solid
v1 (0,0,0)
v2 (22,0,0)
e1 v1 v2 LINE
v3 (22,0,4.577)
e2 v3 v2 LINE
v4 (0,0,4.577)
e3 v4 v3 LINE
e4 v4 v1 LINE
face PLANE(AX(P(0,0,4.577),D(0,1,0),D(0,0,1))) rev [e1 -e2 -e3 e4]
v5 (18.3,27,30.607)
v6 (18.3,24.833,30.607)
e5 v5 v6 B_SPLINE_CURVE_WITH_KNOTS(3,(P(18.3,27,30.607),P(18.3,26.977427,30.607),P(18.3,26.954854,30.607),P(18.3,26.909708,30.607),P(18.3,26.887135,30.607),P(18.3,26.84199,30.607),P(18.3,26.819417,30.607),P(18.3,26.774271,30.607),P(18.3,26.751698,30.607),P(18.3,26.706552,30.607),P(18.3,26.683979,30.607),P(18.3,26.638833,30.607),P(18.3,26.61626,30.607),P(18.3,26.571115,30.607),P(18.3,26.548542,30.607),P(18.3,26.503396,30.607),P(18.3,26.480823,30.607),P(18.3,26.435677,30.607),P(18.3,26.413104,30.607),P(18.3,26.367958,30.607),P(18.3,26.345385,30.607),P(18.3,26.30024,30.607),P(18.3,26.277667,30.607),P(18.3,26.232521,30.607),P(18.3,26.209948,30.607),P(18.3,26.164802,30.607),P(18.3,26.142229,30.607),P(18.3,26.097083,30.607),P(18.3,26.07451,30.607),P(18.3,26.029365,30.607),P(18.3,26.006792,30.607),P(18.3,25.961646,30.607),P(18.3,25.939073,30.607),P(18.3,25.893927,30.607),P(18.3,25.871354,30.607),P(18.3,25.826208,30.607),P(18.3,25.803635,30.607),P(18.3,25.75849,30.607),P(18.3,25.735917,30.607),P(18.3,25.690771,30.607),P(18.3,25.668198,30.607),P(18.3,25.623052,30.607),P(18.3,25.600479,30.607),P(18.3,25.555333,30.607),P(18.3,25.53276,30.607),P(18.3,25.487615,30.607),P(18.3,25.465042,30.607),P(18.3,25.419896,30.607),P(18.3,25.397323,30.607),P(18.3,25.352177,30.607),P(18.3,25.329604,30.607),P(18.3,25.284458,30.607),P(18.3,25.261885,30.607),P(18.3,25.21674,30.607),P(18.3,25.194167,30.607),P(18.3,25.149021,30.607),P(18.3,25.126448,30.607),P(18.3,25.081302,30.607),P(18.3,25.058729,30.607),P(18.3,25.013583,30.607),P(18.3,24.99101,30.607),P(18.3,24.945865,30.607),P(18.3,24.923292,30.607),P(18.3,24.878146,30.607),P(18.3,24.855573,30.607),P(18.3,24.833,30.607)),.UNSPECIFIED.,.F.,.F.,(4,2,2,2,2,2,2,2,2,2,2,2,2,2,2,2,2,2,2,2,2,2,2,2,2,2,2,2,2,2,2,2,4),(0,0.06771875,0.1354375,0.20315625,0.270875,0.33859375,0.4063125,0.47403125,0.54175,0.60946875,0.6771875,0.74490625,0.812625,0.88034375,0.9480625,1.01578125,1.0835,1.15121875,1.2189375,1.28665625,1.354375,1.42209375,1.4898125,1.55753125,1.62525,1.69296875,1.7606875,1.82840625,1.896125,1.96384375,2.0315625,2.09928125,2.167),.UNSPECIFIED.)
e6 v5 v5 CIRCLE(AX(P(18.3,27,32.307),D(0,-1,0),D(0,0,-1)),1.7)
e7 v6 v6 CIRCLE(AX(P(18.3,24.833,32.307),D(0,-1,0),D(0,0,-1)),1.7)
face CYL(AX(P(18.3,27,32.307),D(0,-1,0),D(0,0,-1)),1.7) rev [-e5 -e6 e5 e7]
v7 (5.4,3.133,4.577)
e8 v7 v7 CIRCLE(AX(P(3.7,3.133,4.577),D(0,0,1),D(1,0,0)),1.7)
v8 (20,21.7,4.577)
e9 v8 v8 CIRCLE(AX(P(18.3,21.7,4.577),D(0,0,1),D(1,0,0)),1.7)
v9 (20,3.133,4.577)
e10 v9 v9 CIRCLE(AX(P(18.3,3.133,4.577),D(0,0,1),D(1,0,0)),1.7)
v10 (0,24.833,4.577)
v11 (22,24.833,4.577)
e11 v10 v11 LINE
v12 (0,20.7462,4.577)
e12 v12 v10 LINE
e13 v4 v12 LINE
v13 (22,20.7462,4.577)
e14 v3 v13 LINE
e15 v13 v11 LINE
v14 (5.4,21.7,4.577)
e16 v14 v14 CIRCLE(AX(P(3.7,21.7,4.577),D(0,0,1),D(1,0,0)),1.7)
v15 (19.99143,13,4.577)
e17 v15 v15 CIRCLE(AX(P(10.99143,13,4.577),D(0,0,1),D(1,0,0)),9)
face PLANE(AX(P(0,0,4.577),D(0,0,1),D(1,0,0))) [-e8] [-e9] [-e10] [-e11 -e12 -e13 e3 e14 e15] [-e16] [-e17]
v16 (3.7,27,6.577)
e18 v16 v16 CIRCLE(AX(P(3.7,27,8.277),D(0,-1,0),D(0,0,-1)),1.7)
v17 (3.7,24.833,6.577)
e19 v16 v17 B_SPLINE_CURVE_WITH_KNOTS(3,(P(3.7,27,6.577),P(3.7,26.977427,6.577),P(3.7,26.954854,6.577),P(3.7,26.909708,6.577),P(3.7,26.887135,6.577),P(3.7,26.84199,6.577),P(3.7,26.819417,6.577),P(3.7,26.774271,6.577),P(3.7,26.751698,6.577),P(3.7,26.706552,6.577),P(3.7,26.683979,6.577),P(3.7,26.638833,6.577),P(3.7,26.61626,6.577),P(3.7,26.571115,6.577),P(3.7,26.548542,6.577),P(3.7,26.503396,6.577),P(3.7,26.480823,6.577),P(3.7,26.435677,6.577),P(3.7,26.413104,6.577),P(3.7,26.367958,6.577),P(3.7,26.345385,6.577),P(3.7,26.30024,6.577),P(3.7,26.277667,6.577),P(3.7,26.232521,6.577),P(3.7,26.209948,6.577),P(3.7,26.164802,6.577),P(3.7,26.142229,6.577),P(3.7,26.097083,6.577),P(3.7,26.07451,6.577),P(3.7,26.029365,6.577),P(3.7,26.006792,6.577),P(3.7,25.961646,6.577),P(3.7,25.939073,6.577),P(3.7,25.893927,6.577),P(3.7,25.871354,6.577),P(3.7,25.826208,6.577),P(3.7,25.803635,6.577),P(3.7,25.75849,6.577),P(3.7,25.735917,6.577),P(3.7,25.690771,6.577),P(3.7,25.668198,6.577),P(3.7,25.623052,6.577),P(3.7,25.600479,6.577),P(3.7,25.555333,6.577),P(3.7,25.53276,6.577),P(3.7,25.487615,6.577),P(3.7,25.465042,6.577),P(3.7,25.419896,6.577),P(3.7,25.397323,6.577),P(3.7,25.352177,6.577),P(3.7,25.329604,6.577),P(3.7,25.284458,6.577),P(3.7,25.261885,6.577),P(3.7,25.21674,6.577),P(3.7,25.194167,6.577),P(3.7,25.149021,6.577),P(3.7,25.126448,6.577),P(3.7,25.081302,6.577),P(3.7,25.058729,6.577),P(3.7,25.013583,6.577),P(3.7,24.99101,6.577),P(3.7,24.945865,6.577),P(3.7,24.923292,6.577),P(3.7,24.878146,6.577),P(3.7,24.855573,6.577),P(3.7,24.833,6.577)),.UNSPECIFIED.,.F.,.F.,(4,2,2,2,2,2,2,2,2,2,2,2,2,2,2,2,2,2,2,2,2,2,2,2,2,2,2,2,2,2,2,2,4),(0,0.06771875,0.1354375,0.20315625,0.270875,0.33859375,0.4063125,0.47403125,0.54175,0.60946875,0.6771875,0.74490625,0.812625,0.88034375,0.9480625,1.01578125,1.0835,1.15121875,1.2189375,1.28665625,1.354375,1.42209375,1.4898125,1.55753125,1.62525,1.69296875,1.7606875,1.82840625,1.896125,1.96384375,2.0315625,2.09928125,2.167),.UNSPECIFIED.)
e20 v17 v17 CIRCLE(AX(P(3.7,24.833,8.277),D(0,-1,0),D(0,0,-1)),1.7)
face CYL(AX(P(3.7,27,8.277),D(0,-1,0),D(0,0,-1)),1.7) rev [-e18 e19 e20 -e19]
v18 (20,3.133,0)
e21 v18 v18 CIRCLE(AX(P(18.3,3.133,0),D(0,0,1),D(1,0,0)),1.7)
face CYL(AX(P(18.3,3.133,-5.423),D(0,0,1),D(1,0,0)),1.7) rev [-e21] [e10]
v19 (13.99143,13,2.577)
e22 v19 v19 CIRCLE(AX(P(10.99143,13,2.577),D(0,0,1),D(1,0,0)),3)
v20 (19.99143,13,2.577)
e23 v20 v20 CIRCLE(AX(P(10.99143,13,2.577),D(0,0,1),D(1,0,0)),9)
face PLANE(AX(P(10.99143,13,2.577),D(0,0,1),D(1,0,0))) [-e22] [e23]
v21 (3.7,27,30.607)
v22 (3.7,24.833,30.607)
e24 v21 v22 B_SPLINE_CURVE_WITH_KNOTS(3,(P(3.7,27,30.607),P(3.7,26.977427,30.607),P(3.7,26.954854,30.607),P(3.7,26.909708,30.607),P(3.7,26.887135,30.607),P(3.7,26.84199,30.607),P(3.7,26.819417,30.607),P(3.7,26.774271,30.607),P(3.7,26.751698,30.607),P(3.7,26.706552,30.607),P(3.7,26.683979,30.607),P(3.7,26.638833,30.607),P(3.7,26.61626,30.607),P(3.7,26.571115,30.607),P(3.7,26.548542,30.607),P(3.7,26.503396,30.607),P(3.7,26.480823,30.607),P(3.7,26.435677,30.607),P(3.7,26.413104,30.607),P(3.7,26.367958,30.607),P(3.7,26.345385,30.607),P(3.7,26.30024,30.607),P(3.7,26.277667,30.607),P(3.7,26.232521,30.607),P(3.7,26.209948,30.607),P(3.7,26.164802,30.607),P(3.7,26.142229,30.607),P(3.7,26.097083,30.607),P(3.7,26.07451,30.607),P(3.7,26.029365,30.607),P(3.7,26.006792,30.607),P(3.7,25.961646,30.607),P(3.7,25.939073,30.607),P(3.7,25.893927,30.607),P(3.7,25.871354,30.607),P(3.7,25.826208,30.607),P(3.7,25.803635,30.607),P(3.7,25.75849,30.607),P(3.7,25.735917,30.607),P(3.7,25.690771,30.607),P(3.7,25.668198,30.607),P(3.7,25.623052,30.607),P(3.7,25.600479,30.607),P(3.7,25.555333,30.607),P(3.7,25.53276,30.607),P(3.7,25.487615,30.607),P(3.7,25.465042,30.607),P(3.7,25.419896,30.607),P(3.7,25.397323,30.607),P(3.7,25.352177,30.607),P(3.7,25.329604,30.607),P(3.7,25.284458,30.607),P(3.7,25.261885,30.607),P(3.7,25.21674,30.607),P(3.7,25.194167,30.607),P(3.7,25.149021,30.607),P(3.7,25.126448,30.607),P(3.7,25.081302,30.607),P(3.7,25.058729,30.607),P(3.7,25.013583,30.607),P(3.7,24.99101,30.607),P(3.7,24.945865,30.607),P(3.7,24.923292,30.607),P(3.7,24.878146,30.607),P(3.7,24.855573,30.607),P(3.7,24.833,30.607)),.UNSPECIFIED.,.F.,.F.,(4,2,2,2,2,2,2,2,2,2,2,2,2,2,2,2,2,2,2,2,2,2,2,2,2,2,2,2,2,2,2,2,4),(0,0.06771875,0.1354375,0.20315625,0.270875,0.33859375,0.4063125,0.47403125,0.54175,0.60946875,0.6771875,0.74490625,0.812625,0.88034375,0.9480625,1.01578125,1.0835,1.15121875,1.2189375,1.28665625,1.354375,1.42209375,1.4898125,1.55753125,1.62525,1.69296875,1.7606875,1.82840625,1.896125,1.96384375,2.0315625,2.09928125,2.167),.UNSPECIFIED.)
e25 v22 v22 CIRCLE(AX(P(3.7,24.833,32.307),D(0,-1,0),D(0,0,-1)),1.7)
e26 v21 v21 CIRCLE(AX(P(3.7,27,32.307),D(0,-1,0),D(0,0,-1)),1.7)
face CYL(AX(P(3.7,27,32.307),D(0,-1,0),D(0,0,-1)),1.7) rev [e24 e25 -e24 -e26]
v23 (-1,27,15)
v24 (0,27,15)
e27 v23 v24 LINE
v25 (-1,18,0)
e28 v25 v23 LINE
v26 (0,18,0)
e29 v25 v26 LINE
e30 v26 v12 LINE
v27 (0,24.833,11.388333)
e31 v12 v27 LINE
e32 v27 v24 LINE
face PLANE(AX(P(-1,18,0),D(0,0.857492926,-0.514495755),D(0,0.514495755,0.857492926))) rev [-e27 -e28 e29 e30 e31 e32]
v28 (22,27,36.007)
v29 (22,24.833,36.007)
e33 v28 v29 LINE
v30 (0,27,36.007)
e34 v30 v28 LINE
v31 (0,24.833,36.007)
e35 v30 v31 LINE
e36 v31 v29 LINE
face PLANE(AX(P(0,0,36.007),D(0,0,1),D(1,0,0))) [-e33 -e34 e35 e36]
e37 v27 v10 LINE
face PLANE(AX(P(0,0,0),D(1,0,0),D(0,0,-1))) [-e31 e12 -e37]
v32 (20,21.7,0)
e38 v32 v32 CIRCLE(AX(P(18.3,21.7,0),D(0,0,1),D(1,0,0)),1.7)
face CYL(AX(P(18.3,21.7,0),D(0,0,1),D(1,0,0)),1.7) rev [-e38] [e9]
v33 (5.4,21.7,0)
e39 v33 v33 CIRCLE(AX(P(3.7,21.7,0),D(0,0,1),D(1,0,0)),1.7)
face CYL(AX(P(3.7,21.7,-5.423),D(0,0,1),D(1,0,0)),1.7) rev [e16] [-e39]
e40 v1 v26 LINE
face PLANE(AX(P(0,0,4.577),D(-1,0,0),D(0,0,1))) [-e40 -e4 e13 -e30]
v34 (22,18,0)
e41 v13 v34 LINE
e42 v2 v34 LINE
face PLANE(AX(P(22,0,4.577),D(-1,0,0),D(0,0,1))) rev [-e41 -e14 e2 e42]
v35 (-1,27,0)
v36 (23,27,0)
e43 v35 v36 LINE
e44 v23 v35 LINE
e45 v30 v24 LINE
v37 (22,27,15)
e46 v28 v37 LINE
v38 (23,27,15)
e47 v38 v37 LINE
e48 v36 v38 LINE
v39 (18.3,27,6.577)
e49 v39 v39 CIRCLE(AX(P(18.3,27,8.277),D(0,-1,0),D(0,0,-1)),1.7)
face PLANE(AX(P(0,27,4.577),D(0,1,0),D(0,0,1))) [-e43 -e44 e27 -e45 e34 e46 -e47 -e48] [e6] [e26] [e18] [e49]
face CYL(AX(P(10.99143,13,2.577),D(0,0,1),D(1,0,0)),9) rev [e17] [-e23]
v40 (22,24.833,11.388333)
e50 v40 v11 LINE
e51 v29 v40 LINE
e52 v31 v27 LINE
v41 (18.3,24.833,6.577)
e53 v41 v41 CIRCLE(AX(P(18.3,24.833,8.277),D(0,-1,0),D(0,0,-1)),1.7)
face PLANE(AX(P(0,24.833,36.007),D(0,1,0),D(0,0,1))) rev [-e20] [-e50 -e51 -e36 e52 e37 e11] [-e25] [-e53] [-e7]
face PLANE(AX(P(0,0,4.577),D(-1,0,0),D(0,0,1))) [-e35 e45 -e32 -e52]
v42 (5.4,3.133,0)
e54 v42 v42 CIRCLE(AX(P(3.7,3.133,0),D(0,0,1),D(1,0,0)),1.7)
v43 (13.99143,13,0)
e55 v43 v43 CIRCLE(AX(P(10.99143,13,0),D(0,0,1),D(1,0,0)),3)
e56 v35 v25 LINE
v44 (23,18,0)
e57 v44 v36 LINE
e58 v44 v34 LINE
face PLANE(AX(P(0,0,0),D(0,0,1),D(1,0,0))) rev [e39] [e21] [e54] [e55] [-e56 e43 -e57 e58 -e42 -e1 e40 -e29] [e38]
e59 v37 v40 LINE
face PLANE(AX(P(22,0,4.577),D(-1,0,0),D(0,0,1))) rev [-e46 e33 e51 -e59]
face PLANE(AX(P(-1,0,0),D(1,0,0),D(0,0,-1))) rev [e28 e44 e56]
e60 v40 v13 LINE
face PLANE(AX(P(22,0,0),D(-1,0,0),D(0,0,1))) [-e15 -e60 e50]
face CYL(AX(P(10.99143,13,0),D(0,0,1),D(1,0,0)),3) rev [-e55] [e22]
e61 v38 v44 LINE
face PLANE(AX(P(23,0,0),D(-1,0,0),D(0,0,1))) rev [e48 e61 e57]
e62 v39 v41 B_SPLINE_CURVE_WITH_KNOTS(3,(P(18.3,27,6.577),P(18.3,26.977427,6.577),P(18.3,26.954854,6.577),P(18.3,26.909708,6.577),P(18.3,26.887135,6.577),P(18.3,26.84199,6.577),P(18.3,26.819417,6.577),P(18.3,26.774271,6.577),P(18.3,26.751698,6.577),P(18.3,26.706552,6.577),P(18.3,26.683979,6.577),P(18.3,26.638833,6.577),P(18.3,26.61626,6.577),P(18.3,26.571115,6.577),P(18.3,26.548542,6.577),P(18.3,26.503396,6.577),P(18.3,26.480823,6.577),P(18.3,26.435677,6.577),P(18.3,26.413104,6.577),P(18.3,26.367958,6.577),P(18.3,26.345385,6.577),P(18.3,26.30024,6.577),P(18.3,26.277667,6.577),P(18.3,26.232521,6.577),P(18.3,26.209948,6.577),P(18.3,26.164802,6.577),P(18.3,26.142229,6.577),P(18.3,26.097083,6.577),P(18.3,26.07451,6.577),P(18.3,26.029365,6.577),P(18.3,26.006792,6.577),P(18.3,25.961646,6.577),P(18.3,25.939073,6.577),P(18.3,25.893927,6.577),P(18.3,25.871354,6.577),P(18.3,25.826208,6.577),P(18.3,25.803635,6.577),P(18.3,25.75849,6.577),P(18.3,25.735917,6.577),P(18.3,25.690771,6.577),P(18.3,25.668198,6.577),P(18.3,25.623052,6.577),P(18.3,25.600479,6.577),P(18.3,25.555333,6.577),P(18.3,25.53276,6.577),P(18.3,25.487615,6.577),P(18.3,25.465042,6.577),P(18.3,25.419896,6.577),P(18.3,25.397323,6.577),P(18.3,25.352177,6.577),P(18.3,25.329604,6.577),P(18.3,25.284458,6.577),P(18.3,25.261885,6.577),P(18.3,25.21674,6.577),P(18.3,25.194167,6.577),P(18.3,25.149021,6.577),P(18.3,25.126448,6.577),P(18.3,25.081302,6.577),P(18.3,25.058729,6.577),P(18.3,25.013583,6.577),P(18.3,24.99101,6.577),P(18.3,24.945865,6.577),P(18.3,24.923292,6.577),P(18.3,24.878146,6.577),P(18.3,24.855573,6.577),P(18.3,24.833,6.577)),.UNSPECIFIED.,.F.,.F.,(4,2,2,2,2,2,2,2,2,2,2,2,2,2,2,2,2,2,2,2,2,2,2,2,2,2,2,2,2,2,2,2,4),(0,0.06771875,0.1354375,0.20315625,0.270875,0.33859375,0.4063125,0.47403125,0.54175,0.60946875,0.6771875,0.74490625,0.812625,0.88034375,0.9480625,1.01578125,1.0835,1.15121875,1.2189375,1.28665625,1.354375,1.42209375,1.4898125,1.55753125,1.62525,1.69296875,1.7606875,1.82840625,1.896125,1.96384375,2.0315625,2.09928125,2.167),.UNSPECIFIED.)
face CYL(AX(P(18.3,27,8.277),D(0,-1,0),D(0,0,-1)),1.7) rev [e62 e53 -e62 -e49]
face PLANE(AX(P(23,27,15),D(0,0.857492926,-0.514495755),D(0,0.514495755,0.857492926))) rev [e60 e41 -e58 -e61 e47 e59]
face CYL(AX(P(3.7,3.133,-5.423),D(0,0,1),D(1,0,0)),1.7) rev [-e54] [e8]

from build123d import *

# Parameters (mm, degrees)
SKETCH1_W           = 22
SKETCH1_H           = 27
BOSS_EXTRUDE1_DEPTH = 4.577
SKETCH2_W           = 22
SKETCH2_H           = 2.167
BOSS_EXTRUDE2_DEPTH = 31.43
SKETCH5_R           = 1.7
CUT_EXTRUDE1_DEPTH  = 49.961024683
SKETCH6_R           = 1.7
CUT_EXTRUDE2_DEPTH  = 49.961024683
SKETCH7_R           = 1.7
CUT_EXTRUDE3_DEPTH  = 49.961024683
SKETCH8_R           = 1.7
CUT_EXTRUDE4_DEPTH  = 49.961024683
BOSS_EXTRUDE6_DEPTH = 1
BOSS_EXTRUDE7_DEPTH = 1
SKETCH10_R          = 1.7
CUT_EXTRUDE6_DEPTH  = 48.390346063
SKETCH10_7_R        = 1.7
CUT_EXTRUDE7_DEPTH  = 10
SKETCH10_8_R        = 1.7
CUT_EXTRUDE8_DEPTH  = 10
SKETCH10_9_R        = 1.7
CUT_EXTRUDE9_DEPTH  = 10
SKETCH10_10_R       = 9
CUT_EXTRUDE10_DEPTH = 2
SKETCH10_12_R       = 3
CUT_EXTRUDE11_DEPTH = 48.390346063


with BuildPart() as part:
    # Sketch1 → Boss-Extrude1 (new body)
    with BuildSketch(Plane.XY):
        with Locations((11, 13.5)):
            Rectangle(SKETCH1_W, SKETCH1_H)
    extrude(amount=BOSS_EXTRUDE1_DEPTH)

    # Sketch2 → Boss-Extrude2 (add)
    with BuildSketch(Plane.XY.offset(4.577)):
        with Locations((11, 25.9165)):
            Rectangle(SKETCH2_W, SKETCH2_H)
    extrude(amount=BOSS_EXTRUDE2_DEPTH)

    # Sketch5 → Cut-Extrude1 (cut, through all)
    with BuildSketch(Plane.XZ.offset(-24.833)):
        with Locations((3.7, 8.277)):
            Circle(SKETCH5_R)
    extrude(amount=-CUT_EXTRUDE1_DEPTH, mode=Mode.SUBTRACT)

    # Sketch6 → Cut-Extrude2 (cut, through all)
    with BuildSketch(Plane.XZ.offset(-24.833)):
        with Locations((18.3, 8.277)):
            Circle(SKETCH6_R)
    extrude(amount=-CUT_EXTRUDE2_DEPTH, mode=Mode.SUBTRACT)

    # Sketch7 → Cut-Extrude3 (cut, through all)
    with BuildSketch(Plane.XZ.offset(-24.833)):
        with Locations((3.7, 32.307)):
            Circle(SKETCH7_R)
    extrude(amount=-CUT_EXTRUDE3_DEPTH, mode=Mode.SUBTRACT)

    # Sketch8 → Cut-Extrude4 (cut, through all)
    with BuildSketch(Plane.XZ.offset(-24.833)):
        with Locations((18.3, 32.307)):
            Circle(SKETCH8_R)
    extrude(amount=-CUT_EXTRUDE4_DEPTH, mode=Mode.SUBTRACT)

    # Sketch12 → Boss-Extrude6 (add)
    with BuildSketch(Plane(origin=(22, 0, 0), x_dir=(0, 0, -1), z_dir=(1, 0, 0))):
        Polygon((0, 27), (-15, 27), (0, 18), align=None)
    extrude(amount=BOSS_EXTRUDE6_DEPTH)

    # Sketch13 → Boss-Extrude7 (add)
    with BuildSketch(Plane.ZY):
        Polygon((0, 27), (0, 18), (15, 27), align=None)
    extrude(amount=BOSS_EXTRUDE7_DEPTH)

    # Sketch10 → Cut-Extrude6 (cut, through all)
    with BuildSketch(Plane.XY.offset(4.577)):
        with Locations((18.3, 21.7)):
            Circle(SKETCH10_R)
    extrude(amount=-CUT_EXTRUDE6_DEPTH, mode=Mode.SUBTRACT)

    # Sketch10<7> → Cut-Extrude7 (cut)
    with BuildSketch(Plane.XY.offset(4.577)):
        with Locations((3.7, 21.7)):
            Circle(SKETCH10_7_R)
    extrude(amount=-CUT_EXTRUDE7_DEPTH, mode=Mode.SUBTRACT)

    # Sketch10<8> → Cut-Extrude8 (cut)
    with BuildSketch(Plane.XY.offset(4.577)):
        with Locations((18.3, 3.133)):
            Circle(SKETCH10_8_R)
    extrude(amount=-CUT_EXTRUDE8_DEPTH, mode=Mode.SUBTRACT)

    # Sketch10<9> → Cut-Extrude9 (cut)
    with BuildSketch(Plane.XY.offset(4.577)):
        with Locations((3.7, 3.133)):
            Circle(SKETCH10_9_R)
    extrude(amount=-CUT_EXTRUDE9_DEPTH, mode=Mode.SUBTRACT)

    # Sketch10<10> → Cut-Extrude10 (cut)
    with BuildSketch(Plane.XY.offset(4.577)):
        with Locations((10.991429636, 13)):
            Circle(SKETCH10_10_R)
    extrude(amount=-CUT_EXTRUDE10_DEPTH, mode=Mode.SUBTRACT)

    # Sketch10<12> → Cut-Extrude11 (cut, through all)
    with BuildSketch(Plane.XY.offset(4.577)):
        with Locations((10.991429636, 13)):
            Circle(SKETCH10_12_R)
    extrude(amount=-CUT_EXTRUDE11_DEPTH, mode=Mode.SUBTRACT)


solid = part.part
